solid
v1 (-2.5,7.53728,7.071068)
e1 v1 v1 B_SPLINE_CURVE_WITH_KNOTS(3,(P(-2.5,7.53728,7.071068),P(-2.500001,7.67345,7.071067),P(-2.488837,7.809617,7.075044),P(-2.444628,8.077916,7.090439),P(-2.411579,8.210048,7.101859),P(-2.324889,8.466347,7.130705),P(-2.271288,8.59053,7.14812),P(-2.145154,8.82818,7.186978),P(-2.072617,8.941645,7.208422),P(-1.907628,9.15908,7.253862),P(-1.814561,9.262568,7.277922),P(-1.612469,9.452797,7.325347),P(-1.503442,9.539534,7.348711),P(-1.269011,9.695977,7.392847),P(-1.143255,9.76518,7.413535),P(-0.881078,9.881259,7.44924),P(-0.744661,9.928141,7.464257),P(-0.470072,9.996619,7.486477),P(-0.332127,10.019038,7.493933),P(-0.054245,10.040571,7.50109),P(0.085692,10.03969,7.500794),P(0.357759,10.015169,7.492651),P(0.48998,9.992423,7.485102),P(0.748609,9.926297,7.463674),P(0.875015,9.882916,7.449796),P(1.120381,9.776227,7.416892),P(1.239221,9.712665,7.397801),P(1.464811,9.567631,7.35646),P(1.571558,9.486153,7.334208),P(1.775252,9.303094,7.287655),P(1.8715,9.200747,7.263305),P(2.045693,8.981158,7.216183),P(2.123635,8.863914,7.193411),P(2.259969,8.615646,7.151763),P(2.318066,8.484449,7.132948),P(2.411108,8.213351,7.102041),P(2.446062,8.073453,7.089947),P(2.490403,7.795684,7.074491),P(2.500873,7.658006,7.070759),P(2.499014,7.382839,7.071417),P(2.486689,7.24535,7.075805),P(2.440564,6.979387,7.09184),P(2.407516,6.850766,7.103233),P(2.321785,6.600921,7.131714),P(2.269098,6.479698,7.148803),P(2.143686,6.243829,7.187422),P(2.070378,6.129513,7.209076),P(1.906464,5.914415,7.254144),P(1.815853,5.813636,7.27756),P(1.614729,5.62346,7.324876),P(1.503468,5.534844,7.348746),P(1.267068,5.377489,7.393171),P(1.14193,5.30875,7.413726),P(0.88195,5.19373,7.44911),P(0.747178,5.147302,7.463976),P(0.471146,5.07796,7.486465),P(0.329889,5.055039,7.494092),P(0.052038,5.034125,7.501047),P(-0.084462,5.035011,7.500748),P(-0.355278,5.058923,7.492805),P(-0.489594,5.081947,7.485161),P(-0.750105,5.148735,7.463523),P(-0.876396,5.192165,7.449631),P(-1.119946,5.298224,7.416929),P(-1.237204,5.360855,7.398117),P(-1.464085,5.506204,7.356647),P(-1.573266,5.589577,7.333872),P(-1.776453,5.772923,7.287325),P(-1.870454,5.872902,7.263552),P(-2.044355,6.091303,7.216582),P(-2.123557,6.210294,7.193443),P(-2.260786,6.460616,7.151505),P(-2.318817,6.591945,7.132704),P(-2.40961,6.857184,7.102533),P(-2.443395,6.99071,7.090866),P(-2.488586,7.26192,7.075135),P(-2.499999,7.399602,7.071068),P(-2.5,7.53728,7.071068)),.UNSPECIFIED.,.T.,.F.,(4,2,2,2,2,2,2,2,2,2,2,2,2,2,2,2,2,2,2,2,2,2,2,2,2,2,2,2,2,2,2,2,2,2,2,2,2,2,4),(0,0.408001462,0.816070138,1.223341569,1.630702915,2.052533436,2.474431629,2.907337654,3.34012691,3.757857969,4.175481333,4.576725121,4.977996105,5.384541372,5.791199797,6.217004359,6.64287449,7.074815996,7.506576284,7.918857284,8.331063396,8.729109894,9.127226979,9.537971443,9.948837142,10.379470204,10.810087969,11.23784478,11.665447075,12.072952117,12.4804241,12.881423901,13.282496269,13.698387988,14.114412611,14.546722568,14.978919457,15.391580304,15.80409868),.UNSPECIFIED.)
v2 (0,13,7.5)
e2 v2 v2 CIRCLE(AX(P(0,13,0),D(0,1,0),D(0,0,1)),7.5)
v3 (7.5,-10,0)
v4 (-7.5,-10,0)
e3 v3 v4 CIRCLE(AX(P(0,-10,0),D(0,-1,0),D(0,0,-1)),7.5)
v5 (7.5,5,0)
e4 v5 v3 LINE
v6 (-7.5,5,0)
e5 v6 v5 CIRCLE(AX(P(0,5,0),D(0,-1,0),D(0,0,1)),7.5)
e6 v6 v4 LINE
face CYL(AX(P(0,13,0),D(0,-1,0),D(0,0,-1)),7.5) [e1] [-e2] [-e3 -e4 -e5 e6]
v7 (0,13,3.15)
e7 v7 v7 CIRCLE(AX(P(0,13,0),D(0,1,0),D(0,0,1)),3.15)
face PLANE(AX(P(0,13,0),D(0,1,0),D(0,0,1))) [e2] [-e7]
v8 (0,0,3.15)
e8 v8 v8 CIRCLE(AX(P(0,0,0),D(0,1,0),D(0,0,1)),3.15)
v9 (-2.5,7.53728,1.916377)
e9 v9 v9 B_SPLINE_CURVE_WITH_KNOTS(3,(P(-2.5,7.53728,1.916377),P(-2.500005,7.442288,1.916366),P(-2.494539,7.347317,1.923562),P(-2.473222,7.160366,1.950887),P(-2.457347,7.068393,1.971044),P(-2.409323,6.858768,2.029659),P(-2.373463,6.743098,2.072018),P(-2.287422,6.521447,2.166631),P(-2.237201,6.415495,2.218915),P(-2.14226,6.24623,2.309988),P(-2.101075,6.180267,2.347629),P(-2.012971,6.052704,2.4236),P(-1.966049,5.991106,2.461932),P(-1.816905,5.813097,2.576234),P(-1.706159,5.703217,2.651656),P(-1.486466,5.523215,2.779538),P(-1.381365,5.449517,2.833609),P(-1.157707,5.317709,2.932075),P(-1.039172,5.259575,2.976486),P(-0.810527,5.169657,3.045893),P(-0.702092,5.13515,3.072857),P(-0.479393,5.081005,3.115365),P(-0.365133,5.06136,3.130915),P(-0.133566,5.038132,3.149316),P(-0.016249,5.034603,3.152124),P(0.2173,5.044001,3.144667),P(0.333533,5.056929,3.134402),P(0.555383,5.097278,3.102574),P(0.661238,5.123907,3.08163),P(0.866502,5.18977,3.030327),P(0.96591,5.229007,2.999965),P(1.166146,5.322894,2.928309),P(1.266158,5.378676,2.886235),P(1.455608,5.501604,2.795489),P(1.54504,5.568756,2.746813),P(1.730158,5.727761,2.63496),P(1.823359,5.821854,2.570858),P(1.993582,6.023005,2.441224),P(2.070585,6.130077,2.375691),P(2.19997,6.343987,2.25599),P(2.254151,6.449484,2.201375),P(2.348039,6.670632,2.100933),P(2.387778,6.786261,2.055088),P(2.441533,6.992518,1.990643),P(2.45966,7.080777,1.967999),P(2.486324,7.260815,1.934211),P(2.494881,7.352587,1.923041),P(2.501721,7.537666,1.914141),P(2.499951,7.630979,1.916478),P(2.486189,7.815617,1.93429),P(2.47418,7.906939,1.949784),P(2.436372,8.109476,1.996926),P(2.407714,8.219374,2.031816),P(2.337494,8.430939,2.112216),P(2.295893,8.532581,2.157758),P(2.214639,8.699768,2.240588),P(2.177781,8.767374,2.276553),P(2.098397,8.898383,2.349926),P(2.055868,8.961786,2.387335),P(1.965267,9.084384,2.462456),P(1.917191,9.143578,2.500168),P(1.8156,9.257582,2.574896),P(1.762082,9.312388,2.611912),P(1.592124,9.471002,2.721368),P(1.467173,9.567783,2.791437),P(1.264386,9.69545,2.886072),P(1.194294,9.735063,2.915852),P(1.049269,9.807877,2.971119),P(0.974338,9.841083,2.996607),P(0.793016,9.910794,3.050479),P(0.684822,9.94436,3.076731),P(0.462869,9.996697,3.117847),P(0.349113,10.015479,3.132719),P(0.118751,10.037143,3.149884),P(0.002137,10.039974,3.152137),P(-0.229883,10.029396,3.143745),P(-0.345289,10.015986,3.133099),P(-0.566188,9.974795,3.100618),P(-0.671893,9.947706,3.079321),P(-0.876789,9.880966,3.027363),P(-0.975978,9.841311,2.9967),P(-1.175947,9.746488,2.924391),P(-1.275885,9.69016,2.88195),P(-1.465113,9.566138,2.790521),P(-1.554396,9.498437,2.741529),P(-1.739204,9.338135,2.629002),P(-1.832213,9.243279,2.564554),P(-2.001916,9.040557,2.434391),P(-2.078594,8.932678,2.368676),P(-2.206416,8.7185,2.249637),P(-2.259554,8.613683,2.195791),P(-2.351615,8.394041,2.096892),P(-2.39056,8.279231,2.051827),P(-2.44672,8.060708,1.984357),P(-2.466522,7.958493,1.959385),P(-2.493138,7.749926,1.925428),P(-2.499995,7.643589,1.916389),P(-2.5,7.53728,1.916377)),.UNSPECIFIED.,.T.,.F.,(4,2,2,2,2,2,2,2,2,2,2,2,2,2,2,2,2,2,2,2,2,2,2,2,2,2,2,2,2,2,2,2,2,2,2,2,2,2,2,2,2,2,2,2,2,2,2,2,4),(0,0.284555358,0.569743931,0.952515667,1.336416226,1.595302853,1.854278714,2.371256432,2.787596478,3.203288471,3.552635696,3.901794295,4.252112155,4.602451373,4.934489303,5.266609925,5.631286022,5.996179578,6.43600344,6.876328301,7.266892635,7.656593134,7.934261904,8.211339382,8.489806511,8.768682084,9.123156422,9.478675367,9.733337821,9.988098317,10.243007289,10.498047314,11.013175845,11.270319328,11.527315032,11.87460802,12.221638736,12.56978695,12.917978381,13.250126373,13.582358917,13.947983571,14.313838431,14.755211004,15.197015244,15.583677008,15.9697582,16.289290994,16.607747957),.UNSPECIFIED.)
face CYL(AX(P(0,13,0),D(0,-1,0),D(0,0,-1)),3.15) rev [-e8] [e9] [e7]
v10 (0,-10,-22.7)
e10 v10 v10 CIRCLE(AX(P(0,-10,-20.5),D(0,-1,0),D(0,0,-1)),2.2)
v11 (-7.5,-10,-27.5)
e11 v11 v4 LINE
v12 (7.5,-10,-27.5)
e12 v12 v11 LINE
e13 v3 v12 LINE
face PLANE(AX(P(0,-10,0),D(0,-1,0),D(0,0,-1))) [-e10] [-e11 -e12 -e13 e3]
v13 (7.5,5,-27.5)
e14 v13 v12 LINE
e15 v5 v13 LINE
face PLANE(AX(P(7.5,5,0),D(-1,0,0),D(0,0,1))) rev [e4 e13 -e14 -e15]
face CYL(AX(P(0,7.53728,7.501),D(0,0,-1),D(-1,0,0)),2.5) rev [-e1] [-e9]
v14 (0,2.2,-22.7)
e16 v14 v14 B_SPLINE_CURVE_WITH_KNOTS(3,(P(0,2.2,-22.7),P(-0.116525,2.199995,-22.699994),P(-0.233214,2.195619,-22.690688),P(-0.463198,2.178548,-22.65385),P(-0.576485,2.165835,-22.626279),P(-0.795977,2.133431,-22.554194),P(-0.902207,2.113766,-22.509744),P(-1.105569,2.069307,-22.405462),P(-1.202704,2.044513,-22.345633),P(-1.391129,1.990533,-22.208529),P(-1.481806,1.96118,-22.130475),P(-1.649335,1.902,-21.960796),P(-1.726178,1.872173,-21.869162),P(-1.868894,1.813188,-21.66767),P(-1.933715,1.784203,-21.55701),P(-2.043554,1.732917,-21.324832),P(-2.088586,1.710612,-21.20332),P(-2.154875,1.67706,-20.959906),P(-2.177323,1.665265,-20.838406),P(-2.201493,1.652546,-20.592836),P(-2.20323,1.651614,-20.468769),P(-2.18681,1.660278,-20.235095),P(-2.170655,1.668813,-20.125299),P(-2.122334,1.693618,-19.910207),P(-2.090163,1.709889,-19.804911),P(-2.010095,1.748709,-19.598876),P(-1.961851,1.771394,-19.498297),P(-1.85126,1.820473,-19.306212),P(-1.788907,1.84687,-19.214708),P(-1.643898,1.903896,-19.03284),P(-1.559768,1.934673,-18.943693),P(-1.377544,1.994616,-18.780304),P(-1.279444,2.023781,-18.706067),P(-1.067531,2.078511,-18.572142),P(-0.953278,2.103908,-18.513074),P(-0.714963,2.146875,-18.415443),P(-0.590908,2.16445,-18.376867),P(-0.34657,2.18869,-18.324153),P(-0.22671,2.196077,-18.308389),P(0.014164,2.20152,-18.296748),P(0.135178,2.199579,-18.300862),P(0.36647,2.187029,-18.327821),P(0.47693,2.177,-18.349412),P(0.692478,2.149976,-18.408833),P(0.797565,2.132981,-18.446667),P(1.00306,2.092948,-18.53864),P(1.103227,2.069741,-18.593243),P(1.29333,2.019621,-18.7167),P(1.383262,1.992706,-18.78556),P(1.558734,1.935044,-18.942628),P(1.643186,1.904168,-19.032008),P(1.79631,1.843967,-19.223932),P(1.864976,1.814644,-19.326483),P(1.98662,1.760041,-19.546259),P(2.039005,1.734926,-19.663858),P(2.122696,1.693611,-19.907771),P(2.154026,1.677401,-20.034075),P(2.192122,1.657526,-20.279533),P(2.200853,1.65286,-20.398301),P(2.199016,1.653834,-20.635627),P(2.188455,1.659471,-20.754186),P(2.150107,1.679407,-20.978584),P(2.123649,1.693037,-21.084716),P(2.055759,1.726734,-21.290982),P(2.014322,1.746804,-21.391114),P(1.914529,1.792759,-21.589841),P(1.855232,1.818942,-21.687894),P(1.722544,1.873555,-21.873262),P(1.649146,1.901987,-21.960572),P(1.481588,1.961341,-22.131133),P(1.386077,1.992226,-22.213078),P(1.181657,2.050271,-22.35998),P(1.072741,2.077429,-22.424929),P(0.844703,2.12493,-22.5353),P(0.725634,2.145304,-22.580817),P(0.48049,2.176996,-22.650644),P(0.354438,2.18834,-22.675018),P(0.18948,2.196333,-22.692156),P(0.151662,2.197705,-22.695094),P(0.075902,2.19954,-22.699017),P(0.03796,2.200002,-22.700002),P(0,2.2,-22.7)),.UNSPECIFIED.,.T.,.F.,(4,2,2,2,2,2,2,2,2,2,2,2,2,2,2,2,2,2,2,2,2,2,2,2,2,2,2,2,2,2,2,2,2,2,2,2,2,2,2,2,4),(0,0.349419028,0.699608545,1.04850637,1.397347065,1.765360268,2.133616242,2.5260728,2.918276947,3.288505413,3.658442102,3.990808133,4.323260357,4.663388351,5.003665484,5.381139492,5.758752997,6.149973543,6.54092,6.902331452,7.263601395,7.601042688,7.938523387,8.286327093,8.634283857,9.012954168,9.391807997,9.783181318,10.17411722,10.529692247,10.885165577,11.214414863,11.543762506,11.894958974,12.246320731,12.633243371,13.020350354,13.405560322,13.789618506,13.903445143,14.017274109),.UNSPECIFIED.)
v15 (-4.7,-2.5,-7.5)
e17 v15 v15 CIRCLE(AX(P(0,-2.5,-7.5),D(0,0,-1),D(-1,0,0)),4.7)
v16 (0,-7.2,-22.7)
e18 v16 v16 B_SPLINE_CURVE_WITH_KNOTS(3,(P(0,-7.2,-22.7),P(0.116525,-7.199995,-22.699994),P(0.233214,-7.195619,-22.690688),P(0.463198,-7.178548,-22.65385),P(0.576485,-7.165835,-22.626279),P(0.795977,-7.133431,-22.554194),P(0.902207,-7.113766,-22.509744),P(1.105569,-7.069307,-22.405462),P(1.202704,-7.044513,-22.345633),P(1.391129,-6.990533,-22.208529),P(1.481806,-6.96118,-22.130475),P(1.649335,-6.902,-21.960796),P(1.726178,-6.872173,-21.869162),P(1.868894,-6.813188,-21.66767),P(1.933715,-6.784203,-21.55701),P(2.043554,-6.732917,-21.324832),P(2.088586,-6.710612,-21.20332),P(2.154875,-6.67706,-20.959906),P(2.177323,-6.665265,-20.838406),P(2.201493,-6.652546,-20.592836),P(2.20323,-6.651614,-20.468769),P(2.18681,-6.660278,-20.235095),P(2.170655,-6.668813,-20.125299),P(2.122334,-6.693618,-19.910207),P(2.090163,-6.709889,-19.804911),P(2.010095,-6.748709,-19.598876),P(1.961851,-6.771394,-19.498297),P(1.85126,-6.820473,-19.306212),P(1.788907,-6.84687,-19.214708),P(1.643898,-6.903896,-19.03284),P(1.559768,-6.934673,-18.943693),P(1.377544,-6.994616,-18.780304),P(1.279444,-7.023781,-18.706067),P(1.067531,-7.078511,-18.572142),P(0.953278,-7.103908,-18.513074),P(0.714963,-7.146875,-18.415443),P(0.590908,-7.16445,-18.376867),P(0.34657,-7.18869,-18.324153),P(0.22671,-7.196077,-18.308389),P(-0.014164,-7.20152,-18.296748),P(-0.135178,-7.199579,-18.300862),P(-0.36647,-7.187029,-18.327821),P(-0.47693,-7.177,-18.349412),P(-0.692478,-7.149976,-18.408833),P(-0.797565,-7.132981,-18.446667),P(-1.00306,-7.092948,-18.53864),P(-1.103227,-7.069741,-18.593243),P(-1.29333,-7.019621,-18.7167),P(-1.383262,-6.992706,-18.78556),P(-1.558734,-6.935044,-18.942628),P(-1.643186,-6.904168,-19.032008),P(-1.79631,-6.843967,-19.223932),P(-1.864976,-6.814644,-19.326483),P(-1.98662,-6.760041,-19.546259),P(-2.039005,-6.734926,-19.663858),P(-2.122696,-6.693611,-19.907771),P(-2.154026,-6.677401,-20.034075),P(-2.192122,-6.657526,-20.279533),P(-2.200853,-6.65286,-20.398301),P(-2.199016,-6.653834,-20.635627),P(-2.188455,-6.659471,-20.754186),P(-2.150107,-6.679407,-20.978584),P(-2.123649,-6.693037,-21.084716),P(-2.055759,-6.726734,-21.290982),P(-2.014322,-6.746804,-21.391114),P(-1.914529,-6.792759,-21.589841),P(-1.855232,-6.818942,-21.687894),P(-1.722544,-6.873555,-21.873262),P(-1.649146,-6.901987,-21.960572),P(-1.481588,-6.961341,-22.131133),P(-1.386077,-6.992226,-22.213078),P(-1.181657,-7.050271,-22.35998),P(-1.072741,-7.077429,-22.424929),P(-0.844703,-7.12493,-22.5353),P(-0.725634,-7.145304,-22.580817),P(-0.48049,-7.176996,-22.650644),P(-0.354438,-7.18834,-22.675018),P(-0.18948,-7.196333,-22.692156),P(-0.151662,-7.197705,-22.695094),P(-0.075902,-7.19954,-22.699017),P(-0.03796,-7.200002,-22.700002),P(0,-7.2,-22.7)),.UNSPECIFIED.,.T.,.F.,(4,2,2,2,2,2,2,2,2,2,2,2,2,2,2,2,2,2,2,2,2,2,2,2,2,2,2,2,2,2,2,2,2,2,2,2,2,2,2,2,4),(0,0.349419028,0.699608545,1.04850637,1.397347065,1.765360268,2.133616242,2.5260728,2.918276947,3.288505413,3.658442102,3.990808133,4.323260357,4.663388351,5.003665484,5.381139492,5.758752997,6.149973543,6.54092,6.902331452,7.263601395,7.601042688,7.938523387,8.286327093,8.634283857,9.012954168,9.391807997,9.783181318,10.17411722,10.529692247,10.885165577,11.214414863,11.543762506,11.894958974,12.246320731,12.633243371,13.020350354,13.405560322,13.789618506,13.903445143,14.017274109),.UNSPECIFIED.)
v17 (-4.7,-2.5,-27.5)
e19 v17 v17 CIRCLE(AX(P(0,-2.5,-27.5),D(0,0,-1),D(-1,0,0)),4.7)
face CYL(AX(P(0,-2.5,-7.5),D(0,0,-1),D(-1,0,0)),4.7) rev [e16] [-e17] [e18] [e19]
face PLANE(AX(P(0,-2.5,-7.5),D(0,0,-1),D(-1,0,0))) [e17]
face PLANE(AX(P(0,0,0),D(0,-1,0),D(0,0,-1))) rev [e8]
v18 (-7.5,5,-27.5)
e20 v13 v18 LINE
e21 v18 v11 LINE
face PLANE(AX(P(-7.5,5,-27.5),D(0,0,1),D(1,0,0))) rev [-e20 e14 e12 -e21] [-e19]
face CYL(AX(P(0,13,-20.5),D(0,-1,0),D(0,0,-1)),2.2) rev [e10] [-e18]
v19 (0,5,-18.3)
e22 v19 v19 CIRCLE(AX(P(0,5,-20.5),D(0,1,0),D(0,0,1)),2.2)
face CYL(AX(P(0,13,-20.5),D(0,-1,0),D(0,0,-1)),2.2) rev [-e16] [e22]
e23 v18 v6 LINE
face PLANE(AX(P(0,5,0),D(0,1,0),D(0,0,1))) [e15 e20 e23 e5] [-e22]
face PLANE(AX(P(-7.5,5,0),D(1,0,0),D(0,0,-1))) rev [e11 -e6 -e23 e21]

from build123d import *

# Parameters (mm, degrees)
SKETCH1_R                = 7.5
SKETCH1_R_2              = 3.15
BOSS_EXTRUDE1_DEPTH      = 13
BOSS_EXTRUDE2_START      = 10
SKETCH2_R                = 7.5
BOSS_EXTRUDE2_DEPTH      = 10
BOSS_EXTRUDE4_DEPTH      = 5
BOSS_EXTRUDE4_DEPTH_BACK = 10
SKETCH7_R                = 4.7
CUT_EXTRUDE2_DEPTH       = 20
SKETCH9_R                = 2.2
CUT_EXTRUDE4_DEPTH       = 37.626493144
CUT_EXTRUDE5_REACH       = 33.329
CUT_EXTRUDE5_END_RADIUS  = 7.5
SKETCH4_R                = 2.5


with BuildPart() as part:
    # Sketch1 → Boss-Extrude1 (new body)
    with BuildSketch(Plane(origin=(0, 0, 0), x_dir=(1, 0, 0), z_dir=(0, 1, 0))):
        with Locations(Location((0, 0, 0), (0, 0, 90))):
            Circle(SKETCH1_R)
        with Locations(Location((0, 0, 0), (0, 0, 90))):
            Circle(SKETCH1_R_2, mode=Mode.SUBTRACT)
    extrude(amount=BOSS_EXTRUDE1_DEPTH)

    # Sketch2 → Boss-Extrude2 (add)
    with BuildSketch(Plane.XZ.offset(BOSS_EXTRUDE2_START)):
        with Locations(Location((0, 0, 0), (0, 0, 270))):
            Circle(SKETCH2_R)
    extrude(amount=-BOSS_EXTRUDE2_DEPTH)

    # Sketch6 → Boss-Extrude4 (add, two sides: drawn at the far end of the back side and taken through both)
    with BuildSketch(Plane(origin=(0, 0, 0), x_dir=(1, 0, 0), z_dir=(0, 1, 0)).offset(-BOSS_EXTRUDE4_DEPTH_BACK)):
        with BuildLine():
            Line((-7.5, 0), (-7.5, 27.5))
            Line((-7.5, 27.5), (7.5, 27.5))
            Line((7.5, 27.5), (7.5, 0))
            ThreePointArc((7.5, 0), (0, 7.5), (-7.5, 0))
        make_face()
    extrude(amount=BOSS_EXTRUDE4_DEPTH + BOSS_EXTRUDE4_DEPTH_BACK)

    # Sketch7 → Cut-Extrude2 (cut)
    with BuildSketch(Plane(origin=(0, 0, -27.5), x_dir=(-1, 0, 0), z_dir=(0, 0, -1))):
        with Locations((0, -2.5)):
            Circle(SKETCH7_R)
    extrude(amount=-CUT_EXTRUDE2_DEPTH, mode=Mode.SUBTRACT)

    # Sketch9 → Cut-Extrude4 (cut, through all)
    with BuildSketch(Plane.XZ.offset(10)):
        with Locations(Location((0, -20.5, 0), (0, 0, 270))):
            Circle(SKETCH9_R)
    extrude(amount=-CUT_EXTRUDE4_DEPTH, mode=Mode.SUBTRACT)

    # Cut-Extrude5: up to this cylinder (the profile starts inside it)
    cut_extrude5_end = Plane(origin=(0, 7.53728, 0), z_dir=(0, -1, 0)) * Cylinder(CUT_EXTRUDE5_END_RADIUS, 82.658, mode=Mode.PRIVATE)
    # Sketch4 → Cut-Extrude5 (cut, up to the surface)
    with BuildSketch(Plane.XY, mode=Mode.PRIVATE) as cut_extrude5_sk1:
        with Locations(Location((0, 7.537279813, 0), (0, 0, 180))):
            Circle(SKETCH4_R)
    cut_extrude5_tool1 = extrude(cut_extrude5_sk1.sketch, amount=CUT_EXTRUDE5_REACH, mode=Mode.PRIVATE) & cut_extrude5_end
    add(cut_extrude5_tool1.solids().sort_by_distance((0, 7.53728, 0))[0], mode=Mode.SUBTRACT)


solid = part.part
